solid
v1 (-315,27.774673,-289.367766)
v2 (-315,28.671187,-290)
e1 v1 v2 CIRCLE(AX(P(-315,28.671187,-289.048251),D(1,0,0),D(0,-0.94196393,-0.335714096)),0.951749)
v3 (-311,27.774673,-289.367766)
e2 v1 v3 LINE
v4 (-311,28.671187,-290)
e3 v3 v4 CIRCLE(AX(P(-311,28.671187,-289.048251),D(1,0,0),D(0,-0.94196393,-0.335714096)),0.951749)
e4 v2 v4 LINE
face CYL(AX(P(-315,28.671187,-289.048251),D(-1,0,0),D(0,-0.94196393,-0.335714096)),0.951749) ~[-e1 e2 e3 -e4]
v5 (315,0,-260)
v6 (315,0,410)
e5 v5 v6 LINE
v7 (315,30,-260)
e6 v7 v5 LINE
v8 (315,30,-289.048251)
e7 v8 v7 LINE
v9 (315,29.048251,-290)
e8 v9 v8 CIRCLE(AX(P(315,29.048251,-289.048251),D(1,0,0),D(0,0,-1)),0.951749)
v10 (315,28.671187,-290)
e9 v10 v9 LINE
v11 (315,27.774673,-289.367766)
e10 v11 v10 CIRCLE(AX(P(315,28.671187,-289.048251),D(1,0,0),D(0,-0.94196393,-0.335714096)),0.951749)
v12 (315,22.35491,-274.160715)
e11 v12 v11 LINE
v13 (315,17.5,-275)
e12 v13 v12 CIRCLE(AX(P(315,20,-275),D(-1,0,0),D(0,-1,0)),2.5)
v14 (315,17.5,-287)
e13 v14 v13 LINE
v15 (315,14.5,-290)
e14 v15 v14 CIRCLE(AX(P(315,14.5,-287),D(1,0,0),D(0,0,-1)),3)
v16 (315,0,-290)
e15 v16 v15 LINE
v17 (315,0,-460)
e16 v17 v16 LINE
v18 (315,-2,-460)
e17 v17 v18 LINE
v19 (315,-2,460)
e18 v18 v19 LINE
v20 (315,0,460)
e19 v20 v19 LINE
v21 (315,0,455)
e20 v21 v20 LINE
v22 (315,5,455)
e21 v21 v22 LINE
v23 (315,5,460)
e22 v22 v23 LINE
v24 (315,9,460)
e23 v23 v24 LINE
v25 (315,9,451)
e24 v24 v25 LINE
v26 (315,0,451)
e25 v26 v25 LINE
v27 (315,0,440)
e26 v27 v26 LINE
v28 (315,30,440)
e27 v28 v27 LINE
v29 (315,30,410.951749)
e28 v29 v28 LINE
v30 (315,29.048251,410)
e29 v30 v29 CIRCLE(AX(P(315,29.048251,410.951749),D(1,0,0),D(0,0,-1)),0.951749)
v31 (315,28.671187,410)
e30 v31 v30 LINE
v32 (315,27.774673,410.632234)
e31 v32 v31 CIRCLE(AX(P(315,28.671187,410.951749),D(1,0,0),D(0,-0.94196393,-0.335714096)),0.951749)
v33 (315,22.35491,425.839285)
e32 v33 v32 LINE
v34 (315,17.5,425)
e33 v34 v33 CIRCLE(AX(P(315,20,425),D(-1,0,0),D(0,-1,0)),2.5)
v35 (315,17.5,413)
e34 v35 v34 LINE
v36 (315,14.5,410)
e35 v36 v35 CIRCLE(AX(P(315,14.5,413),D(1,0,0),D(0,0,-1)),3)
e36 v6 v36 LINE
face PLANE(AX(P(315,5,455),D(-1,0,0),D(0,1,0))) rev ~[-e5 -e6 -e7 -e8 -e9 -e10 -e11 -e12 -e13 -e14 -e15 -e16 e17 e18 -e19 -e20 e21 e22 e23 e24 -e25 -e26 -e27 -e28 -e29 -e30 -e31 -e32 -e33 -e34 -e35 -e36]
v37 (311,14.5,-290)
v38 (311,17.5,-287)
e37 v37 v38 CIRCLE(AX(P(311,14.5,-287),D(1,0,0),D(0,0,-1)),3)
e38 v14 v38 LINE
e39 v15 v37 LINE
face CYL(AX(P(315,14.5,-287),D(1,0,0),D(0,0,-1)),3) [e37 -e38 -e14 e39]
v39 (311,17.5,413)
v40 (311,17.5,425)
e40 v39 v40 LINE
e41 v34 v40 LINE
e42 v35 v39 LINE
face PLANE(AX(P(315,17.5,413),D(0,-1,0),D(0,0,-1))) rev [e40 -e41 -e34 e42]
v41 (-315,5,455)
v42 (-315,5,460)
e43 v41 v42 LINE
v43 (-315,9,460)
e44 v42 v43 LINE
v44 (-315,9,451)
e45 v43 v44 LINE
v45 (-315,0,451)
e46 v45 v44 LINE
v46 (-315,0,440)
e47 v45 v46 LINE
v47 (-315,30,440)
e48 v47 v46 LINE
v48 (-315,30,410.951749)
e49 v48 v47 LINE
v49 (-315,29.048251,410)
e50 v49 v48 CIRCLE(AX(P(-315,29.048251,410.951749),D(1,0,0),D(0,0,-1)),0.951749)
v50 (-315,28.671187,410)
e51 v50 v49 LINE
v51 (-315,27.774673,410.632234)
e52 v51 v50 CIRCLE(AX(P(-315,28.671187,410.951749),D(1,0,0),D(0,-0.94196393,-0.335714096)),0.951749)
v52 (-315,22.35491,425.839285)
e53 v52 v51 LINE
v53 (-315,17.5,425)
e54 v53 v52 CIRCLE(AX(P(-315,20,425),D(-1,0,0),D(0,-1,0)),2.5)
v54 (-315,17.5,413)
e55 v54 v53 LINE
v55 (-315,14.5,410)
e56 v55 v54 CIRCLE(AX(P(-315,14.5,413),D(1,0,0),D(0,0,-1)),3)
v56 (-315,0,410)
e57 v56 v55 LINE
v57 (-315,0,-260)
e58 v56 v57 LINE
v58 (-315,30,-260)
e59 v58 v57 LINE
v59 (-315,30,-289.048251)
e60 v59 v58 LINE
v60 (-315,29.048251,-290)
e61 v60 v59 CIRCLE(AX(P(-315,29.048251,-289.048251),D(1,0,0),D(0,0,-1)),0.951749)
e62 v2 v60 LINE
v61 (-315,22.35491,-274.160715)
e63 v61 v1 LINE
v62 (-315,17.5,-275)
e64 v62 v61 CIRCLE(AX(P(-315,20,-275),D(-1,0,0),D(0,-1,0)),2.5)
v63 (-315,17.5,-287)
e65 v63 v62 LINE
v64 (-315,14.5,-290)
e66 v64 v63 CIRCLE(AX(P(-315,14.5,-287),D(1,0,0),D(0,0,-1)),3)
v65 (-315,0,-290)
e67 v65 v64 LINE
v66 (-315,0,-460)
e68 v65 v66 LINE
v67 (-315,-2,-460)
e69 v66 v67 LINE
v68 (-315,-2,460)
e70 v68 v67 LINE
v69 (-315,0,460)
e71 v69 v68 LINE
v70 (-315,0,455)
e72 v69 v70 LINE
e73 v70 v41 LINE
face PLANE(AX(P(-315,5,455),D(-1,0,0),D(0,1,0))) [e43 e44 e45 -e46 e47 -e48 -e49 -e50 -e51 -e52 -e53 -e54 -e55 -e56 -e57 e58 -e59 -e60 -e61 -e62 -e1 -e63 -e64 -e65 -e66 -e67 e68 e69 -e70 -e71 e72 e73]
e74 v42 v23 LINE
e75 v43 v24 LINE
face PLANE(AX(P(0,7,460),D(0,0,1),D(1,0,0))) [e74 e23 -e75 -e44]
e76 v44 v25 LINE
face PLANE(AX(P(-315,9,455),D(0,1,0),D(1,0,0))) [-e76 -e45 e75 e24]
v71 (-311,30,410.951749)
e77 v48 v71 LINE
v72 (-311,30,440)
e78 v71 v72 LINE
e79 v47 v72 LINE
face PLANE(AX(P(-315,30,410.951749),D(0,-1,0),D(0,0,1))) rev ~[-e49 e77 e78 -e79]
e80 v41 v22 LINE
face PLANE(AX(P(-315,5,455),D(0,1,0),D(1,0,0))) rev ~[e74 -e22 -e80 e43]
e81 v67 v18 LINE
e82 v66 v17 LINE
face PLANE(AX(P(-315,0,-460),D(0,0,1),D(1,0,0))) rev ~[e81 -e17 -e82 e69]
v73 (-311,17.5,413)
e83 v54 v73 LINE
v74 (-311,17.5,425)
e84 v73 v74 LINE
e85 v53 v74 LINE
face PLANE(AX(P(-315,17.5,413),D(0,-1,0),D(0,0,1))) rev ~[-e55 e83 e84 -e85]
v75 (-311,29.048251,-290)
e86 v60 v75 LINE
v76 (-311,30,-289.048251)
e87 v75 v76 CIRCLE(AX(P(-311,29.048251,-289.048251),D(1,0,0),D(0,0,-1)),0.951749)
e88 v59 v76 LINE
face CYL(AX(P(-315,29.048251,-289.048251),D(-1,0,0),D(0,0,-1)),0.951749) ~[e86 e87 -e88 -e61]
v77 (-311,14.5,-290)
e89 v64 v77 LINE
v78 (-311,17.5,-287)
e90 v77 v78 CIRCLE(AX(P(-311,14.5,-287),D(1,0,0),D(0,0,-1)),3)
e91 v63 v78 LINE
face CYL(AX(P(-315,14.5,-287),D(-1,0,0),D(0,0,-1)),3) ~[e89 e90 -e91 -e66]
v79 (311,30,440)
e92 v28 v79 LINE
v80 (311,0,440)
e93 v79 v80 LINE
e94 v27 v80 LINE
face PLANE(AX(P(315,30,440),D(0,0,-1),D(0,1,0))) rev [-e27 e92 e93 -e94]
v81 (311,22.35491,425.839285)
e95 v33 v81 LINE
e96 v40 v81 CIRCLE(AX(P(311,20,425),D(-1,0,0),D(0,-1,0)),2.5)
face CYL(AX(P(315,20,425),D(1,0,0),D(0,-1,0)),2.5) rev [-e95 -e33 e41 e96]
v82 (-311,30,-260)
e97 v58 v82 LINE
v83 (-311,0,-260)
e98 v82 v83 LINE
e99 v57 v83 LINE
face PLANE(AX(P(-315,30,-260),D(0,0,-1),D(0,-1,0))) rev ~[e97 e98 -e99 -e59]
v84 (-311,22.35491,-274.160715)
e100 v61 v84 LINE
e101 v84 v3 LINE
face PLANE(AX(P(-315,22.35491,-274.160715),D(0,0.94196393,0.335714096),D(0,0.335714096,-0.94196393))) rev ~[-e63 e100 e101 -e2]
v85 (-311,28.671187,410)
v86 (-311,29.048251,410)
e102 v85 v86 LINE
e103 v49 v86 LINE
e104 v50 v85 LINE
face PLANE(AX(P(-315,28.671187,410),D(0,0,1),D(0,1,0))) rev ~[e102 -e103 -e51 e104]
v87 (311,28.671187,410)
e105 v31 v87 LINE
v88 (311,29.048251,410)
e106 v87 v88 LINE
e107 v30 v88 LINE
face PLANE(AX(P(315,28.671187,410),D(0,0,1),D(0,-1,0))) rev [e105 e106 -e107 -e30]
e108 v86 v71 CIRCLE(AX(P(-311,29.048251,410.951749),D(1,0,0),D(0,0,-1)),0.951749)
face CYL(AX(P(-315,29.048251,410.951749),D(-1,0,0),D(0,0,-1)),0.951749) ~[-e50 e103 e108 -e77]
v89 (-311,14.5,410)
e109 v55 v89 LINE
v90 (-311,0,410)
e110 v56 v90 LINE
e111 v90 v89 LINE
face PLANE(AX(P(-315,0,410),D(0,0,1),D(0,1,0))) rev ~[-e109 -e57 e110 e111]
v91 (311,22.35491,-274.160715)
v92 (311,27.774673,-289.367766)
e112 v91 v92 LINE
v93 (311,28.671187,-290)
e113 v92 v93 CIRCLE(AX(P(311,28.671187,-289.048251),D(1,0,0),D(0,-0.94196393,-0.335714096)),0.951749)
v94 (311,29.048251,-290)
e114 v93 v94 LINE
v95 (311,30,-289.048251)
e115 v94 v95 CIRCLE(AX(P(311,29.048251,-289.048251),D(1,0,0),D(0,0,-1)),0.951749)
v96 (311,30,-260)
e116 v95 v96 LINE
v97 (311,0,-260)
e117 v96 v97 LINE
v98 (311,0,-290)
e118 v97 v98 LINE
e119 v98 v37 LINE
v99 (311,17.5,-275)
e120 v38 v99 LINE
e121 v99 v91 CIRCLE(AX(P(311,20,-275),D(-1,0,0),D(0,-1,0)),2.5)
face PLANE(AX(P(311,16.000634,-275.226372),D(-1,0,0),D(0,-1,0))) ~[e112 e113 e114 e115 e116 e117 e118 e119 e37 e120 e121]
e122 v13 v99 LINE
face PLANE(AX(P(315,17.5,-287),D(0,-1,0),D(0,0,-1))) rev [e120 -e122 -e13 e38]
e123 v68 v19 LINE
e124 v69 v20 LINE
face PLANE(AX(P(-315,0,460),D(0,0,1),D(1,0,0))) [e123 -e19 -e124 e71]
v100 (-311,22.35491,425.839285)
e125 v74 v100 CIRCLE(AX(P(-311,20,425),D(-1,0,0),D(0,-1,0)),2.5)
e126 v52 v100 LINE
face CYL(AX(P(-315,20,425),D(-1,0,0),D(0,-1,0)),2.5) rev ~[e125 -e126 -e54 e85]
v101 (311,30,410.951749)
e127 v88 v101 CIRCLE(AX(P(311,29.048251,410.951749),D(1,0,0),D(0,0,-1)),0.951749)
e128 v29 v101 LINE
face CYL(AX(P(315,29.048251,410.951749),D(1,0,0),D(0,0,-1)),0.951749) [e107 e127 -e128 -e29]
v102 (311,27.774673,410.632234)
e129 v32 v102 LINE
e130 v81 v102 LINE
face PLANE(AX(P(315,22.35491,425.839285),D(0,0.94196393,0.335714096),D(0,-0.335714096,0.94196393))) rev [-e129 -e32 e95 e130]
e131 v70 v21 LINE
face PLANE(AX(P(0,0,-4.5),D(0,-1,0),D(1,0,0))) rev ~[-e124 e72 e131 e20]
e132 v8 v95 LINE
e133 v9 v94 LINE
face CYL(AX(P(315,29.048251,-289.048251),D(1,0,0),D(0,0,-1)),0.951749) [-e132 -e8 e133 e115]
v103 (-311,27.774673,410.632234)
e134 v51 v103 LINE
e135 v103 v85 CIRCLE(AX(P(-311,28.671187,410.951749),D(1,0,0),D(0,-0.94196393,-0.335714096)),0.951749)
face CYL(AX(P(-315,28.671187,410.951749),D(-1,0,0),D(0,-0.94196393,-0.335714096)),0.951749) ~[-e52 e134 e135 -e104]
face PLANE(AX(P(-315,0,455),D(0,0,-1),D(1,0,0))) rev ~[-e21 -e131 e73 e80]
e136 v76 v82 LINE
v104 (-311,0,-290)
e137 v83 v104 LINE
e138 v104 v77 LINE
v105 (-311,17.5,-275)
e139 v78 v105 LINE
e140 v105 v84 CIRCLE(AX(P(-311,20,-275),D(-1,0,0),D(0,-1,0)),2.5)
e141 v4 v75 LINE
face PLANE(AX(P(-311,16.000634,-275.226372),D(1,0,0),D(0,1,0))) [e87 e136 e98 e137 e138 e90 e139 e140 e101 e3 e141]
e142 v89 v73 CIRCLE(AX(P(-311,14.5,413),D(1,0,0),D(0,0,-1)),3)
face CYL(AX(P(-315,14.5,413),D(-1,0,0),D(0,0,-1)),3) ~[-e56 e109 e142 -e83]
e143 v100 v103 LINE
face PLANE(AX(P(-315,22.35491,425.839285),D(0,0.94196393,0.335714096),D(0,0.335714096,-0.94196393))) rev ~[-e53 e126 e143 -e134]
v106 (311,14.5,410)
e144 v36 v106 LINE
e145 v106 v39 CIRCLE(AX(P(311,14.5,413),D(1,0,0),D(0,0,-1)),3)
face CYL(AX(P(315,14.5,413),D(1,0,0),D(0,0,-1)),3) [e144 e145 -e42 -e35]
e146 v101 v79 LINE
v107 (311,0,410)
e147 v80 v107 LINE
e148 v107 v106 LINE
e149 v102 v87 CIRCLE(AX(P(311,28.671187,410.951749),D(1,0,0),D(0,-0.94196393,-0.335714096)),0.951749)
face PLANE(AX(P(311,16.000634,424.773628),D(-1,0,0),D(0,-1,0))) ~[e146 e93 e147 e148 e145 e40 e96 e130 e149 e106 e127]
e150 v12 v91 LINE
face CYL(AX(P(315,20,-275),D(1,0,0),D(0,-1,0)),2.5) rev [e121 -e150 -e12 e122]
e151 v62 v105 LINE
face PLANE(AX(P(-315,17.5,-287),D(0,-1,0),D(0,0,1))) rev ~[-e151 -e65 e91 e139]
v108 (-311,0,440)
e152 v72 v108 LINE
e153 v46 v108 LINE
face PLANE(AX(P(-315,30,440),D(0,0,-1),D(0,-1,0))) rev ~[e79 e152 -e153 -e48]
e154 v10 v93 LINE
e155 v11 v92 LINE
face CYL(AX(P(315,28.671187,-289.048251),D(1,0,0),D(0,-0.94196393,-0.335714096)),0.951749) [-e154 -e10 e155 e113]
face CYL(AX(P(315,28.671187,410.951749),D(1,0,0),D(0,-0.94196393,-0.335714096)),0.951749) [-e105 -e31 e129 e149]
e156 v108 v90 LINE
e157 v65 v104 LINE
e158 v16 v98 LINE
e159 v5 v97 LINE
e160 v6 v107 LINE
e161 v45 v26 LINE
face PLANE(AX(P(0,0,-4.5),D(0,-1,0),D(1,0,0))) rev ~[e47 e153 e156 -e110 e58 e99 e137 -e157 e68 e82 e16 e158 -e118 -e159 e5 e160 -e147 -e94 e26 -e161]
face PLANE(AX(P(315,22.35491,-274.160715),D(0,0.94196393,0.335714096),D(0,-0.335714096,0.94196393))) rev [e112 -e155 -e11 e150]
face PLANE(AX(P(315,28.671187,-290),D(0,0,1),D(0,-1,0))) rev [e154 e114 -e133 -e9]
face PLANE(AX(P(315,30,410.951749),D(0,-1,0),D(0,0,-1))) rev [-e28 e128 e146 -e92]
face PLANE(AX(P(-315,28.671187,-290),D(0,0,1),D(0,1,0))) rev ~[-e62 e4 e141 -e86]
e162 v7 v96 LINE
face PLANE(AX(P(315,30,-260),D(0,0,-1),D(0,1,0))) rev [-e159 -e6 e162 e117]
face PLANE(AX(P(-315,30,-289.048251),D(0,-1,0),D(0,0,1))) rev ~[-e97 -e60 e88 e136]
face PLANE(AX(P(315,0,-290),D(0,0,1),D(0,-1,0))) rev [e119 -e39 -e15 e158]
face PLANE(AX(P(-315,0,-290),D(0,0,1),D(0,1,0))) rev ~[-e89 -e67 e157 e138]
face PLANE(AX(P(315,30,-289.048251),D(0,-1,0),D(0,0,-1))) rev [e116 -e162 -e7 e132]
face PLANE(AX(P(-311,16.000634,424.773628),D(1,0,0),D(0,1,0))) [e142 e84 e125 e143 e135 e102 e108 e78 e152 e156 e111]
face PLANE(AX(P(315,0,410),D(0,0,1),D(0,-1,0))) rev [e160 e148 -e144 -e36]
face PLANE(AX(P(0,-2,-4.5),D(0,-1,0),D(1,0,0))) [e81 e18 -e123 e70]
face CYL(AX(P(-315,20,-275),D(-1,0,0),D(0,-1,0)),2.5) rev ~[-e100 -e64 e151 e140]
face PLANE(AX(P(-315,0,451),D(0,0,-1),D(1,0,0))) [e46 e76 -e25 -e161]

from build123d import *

# Parameters (mm, degrees)
F0_W     = 630
F0_H     = 911
F0_H_2   = 4
F0_H_3   = 5
F1_DEPTH = 2
F4_DEPTH = 4
F7_DEPTH = 9
F8_W     = 630
F8_H     = 4
F9_DEPTH = 5


with BuildPart() as f1:
    # F0 (on Front) → F1 (new body)
    with BuildSketch(Plane.XZ):
        with Locations((0, -4.5)):
            Rectangle(F0_W, F0_H)
        with Locations((0, 453)):
            Rectangle(F0_W, F0_H_2)
        with Locations((0, 457.5)):
            Rectangle(F0_W, F0_H_3)
    extrude(amount=F1_DEPTH)

    # F6: F4, F5_1 across plane


with BuildPart() as f4:
    # F3 (on offset) → F4 (new body)
    with BuildSketch(Plane.YZ.offset(-315)):
        with BuildLine():
            Line((0, 440), (0, 410))
            Line((0, 410), (14.5, 410))
            ThreePointArc((14.5, 410), (16.6213203436, 410.8786796564), (17.5, 413))
            Line((17.5, 413), (17.5, 425))
            ThreePointArc((17.5, 425), (19.5741329805, 427.4634604283), (22.3549098254, 425.8392852402))
            Line((22.3549098254, 425.8392852402), (27.7746731609, 410.6322336697))
            ThreePointArc((27.7746731609, 410.6322336697), (28.122676008, 410.1739557831), (28.6711867084, 410))
            Line((28.6711867084, 410), (29.0482506613, 410))
            ThreePointArc((29.0482506613, 410), (29.7212390727, 410.2787609273), (30, 410.9517493387))
            Line((30, 410.9517493387), (30, 440))
            Line((30, 440), (0, 440))
        make_face()
    extrude(amount=F4_DEPTH)


with BuildPart() as f5_1:
    # F5: copy of F4
    add(f4.part.moved(Location((0, 0, -700))))


with BuildPart() as f1_1:
    add(f1.part)
    add(f4.part.mirror(Plane.YZ))
    add(f5_1.part.mirror(Plane.YZ))

    # F0 (on Front) → F7 (join)
    with BuildSketch(Plane.XZ):
        with Locations((0, 453)):
            Rectangle(F0_W, F0_H_2)
    extrude(amount=-F7_DEPTH)


    add(f4.part)  # F9 merges F4

    add(f5_1.part)  # F9 merges F5_1
    # F8 (on face) → F9 (join)
    with BuildSketch(Plane.XY.offset(455)):
        with Locations((0, 7)):
            Rectangle(F8_W, F8_H)
    extrude(amount=F9_DEPTH)


solid = f1_1.part
